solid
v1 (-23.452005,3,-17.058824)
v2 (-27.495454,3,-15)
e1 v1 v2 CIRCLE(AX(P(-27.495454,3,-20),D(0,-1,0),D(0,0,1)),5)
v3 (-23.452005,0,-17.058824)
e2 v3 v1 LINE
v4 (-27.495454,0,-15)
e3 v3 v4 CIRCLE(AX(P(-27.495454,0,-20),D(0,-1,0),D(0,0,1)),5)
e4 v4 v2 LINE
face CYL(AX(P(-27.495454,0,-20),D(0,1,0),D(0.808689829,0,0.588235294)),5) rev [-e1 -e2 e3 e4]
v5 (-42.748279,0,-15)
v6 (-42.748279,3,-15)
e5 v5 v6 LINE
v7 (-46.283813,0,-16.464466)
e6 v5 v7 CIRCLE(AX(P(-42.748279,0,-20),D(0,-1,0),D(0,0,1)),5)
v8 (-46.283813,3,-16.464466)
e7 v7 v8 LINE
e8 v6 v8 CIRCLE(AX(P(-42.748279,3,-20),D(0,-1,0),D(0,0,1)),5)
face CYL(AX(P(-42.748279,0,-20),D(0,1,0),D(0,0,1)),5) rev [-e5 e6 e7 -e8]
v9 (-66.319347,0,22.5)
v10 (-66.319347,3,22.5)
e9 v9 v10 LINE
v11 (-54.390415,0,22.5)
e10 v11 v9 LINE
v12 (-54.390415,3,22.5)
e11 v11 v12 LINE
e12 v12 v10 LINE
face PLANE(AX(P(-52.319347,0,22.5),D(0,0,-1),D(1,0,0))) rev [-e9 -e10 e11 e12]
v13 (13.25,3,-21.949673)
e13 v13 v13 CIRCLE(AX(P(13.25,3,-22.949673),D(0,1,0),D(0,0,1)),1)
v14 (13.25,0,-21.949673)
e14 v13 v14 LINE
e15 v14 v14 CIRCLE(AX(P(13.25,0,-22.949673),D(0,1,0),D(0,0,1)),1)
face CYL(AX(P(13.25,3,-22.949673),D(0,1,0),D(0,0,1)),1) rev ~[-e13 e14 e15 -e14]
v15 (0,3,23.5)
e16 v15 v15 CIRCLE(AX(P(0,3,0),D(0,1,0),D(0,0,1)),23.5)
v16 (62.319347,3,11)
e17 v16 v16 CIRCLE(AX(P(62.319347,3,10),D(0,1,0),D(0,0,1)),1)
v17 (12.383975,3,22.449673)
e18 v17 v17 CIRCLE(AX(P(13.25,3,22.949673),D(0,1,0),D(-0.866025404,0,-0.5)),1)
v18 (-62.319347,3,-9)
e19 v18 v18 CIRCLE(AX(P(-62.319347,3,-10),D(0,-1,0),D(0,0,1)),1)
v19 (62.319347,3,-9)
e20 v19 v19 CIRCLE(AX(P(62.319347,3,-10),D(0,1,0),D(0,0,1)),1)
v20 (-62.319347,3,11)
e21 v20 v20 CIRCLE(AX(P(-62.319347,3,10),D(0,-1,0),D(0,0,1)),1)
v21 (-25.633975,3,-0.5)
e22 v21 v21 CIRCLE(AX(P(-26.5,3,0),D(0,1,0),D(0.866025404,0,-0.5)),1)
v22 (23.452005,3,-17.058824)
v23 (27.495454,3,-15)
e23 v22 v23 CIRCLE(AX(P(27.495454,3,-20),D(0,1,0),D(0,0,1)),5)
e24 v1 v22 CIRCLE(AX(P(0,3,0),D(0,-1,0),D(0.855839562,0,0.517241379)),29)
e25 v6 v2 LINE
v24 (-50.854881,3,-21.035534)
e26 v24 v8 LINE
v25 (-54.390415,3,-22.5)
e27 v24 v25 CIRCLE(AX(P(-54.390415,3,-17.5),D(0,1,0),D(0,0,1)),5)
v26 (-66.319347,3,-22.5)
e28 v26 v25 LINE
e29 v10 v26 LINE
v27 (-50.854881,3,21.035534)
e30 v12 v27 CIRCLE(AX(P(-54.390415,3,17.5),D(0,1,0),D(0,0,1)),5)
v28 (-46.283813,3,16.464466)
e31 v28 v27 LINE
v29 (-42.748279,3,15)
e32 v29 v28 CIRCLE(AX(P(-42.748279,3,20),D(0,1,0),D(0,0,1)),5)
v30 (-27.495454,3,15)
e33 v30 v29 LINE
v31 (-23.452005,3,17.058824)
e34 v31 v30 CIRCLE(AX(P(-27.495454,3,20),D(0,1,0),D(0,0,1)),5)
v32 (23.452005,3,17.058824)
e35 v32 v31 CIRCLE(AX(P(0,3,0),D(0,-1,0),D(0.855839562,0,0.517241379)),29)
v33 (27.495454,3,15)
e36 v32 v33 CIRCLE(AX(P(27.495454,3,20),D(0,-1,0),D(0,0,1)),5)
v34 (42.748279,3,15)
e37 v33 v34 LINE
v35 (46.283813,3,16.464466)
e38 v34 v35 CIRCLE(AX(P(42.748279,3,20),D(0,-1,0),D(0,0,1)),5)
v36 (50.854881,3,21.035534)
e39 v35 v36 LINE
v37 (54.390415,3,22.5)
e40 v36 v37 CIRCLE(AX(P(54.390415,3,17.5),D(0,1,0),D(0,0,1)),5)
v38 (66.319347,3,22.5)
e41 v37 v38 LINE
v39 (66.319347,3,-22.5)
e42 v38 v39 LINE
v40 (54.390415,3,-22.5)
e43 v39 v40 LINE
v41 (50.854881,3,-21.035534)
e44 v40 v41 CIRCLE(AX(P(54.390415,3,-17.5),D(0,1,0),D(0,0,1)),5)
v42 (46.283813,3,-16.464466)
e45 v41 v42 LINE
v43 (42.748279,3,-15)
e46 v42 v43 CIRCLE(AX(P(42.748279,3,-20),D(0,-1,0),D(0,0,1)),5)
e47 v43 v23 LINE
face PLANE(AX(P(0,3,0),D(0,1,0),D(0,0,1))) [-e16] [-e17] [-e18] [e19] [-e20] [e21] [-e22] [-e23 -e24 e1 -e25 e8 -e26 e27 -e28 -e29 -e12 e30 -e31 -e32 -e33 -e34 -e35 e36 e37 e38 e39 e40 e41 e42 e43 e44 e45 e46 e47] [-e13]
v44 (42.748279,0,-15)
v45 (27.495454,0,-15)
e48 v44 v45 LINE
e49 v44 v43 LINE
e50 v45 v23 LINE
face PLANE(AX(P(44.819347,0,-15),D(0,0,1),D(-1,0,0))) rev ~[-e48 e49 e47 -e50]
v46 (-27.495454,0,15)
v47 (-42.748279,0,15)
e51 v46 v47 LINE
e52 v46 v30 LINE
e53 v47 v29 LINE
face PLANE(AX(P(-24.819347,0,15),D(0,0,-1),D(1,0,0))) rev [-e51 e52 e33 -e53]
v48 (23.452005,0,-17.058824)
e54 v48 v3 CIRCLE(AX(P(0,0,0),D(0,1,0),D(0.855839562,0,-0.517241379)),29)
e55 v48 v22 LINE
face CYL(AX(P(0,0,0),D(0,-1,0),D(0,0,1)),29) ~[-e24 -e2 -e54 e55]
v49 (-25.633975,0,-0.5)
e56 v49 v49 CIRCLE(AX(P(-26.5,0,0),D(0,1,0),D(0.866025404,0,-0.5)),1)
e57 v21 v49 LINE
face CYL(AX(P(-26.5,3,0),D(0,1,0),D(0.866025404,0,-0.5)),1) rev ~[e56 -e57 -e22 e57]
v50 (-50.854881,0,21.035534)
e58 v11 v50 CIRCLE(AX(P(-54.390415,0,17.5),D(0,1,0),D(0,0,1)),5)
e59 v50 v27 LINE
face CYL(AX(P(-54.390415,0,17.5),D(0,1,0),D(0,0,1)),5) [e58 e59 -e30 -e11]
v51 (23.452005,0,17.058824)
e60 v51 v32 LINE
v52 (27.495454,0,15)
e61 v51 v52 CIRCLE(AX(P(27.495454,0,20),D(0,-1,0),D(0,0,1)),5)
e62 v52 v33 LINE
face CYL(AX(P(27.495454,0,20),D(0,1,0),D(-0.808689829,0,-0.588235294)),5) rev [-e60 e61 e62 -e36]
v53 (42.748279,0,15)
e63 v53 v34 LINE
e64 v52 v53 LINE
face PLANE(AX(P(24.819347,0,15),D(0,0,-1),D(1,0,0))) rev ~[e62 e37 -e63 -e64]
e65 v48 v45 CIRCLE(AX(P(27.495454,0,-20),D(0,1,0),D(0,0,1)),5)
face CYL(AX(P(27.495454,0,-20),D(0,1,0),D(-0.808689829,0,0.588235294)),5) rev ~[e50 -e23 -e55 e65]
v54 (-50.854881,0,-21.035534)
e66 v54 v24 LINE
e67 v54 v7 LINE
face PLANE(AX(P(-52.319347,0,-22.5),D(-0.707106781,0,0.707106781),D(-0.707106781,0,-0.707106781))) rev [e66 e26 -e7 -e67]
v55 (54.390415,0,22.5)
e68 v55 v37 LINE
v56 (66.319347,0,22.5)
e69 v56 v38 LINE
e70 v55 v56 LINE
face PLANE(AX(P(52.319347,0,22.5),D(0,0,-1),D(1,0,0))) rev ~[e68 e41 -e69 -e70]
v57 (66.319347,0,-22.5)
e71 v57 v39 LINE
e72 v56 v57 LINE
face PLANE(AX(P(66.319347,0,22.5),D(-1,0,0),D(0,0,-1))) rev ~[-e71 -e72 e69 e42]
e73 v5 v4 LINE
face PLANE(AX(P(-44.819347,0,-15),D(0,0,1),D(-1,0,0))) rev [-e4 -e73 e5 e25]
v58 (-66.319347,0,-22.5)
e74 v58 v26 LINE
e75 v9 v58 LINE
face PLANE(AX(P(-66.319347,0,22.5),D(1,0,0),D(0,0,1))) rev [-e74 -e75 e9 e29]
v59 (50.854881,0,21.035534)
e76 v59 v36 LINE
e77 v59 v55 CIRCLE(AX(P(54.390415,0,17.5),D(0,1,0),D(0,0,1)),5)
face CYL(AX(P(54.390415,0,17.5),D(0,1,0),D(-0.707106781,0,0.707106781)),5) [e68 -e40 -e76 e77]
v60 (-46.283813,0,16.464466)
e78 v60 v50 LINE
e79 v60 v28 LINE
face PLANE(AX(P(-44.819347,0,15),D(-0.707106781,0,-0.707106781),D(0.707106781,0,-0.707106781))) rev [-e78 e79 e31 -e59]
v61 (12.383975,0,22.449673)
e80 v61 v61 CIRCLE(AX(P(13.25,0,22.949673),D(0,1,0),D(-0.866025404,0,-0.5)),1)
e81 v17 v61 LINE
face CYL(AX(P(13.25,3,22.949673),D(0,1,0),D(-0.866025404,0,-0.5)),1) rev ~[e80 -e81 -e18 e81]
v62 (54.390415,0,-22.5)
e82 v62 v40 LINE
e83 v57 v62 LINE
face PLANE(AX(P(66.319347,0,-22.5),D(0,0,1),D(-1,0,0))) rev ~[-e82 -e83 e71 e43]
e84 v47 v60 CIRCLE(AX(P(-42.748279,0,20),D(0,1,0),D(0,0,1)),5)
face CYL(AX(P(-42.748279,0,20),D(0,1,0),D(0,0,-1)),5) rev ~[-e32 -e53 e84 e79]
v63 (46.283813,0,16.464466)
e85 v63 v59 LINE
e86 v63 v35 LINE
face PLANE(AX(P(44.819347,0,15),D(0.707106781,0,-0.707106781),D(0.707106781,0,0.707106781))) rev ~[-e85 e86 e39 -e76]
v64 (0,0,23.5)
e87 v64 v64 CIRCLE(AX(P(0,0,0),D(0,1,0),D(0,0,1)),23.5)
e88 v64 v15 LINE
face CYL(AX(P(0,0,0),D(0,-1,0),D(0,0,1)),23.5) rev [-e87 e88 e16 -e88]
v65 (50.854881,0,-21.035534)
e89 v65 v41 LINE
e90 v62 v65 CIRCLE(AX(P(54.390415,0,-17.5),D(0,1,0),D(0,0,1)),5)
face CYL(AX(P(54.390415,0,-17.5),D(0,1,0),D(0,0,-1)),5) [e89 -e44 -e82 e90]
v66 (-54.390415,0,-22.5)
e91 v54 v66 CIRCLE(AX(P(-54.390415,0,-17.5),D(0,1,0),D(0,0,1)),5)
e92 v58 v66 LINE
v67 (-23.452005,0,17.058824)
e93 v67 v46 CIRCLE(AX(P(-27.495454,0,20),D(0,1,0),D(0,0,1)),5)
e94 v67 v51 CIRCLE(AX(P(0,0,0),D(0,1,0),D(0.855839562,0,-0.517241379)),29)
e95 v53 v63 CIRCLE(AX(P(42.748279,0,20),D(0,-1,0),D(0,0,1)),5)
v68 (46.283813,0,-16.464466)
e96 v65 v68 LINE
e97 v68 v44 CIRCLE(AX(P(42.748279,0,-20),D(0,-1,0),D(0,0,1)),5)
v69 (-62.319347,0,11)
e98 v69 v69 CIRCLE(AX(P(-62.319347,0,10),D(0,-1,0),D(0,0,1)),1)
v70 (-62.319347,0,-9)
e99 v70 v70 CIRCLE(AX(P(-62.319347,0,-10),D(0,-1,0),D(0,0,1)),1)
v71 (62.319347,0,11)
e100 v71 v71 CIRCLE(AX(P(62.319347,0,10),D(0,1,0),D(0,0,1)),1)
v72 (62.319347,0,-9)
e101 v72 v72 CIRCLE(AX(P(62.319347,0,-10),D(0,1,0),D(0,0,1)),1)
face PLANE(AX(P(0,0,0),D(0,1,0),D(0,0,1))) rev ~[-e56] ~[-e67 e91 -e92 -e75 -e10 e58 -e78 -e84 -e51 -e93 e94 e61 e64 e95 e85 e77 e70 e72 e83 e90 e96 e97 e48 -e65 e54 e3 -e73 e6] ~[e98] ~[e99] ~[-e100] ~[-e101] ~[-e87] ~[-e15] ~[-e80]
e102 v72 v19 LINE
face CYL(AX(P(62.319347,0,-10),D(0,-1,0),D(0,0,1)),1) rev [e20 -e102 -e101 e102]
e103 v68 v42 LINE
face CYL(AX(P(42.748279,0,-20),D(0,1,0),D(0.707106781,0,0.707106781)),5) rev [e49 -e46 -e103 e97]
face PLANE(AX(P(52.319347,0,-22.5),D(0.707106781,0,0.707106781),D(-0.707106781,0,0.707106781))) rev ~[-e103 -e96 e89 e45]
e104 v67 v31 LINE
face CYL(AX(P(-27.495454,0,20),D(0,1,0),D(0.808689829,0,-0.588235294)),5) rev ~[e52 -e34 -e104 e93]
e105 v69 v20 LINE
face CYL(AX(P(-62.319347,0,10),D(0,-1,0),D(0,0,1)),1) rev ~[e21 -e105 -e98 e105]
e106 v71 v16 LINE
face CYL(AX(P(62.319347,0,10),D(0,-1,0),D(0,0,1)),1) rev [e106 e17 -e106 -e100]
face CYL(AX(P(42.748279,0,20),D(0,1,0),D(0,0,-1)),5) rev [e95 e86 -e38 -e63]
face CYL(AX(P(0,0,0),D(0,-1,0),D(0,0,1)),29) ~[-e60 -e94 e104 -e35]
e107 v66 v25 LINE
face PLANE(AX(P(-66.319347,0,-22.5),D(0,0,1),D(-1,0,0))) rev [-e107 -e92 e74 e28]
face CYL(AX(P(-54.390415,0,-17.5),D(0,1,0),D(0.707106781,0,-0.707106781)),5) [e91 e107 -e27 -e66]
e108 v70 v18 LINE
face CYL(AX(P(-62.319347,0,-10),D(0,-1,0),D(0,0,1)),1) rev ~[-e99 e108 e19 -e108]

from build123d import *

# Parameters (mm, degrees)
SKETCH2_R            = 29
SKETCH2_R_2          = 23.5
BOSS_EXTRUDE1_DEPTH  = 3
SKETCH2_3_R          = 1
BOSS_EXTRUDE2_DEPTH  = 3
FILLET1_R            = 5
SKETCH3_R            = 1
CUT_EXTRUDE1_DEPTH   = 3
CIRPATTERN1_COUNT    = 3
FILLET1_OF_MIRROR1_R = 5


with BuildPart() as part:
    # Sketch2 → Boss-Extrude1 (new body)
    with BuildSketch(Plane(origin=(0, 0, 0), x_dir=(1, 0, 0), z_dir=(0, 1, 0))):
        with Locations(Location((0, 0, 0), (0, 0, 270))):
            Circle(SKETCH2_R)
        with Locations(Location((0, 0, 0), (0, 0, 270))):
            Circle(SKETCH2_R_2, mode=Mode.SUBTRACT)
    extrude(amount=BOSS_EXTRUDE1_DEPTH)

    # Sketch2<3> → Boss-Extrude2 (add)
    with BuildSketch(Plane(origin=(0, 0, 0), x_dir=(1, 0, 0), z_dir=(0, 1, 0))):
        with BuildLine():
            Line((44.819347292, 15), (24.819347292, 15))
            ThreePointArc((24.819347292, 15), (27.935291939, 7.78585026), (29, 0))
            ThreePointArc((29, 0), (27.935291939, -7.78585026), (24.819347292, -15))
            Line((24.819347292, -15), (44.819347292, -15))
            Line((44.819347292, -15), (52.319347292, -22.5))
            Line((52.319347292, -22.5), (66.319347292, -22.5))
            Line((66.319347292, -22.5), (66.319347292, 22.5))
            Line((66.319347292, 22.5), (52.319347292, 22.5))
            Line((52.319347292, 22.5), (44.819347292, 15))
        make_face()
        with Locations(Location((62.319347292, -10, 0), (0, 0, 270))):
            Circle(SKETCH2_3_R, mode=Mode.SUBTRACT)
        with Locations(Location((62.319347292, 10, 0), (0, 0, 270))):
            Circle(SKETCH2_3_R, mode=Mode.SUBTRACT)
    boss_extrude2 = extrude(amount=BOSS_EXTRUDE2_DEPTH)

    # Fillet1
    fillet1_edges = [part.edges().sort_by_distance(p)[0] for p in [
        (44.819347292, 1.5, -15),
        (52.319347292, 1.5, -22.5),
        (52.319347292, 1.5, 22.5),
        (44.819347292, 1.5, 15),
        (24.819347292, 1.5, 15),
        (24.819347292, 1.5, -15),
    ]]
    fillet(fillet1_edges, radius=FILLET1_R)

    # Sketch3 → Cut-Extrude1 (cut)
    with BuildSketch(Plane(origin=(0, 3, 0), x_dir=(1, 0, 0), z_dir=(0, 1, 0))):
        with Locations(Location((13.25, 22.9496732, 0), (0, 0, 270))):
            Circle(SKETCH3_R)
    cut_extrude1 = extrude(amount=-CUT_EXTRUDE1_DEPTH, mode=Mode.SUBTRACT)

    # CirPattern1: Cut-Extrude1 ×3 about axis
    cirpattern1_axis = Axis((0, 0, 0), (0, 1, 0))
    for i in range(1, CIRPATTERN1_COUNT):
        add(cut_extrude1.rotate(cirpattern1_axis, i * 360 / CIRPATTERN1_COUNT), mode=Mode.SUBTRACT)

    # Mirror1: Boss-Extrude2 across plane
    add(boss_extrude2.mirror(Plane(origin=(0, 0, 0), x_dir=(0, 0, 1), z_dir=(1, 0, 0))))

    # Fillet1 of Mirror1
    fillet1_of_mirror1_edges = [part.edges().sort_by_distance(p)[0] for p in [
        (-44.819347292, 1.5, -15),
        (-52.319347292, 1.5, -22.5),
        (-52.319347292, 1.5, 22.5),
        (-44.819347292, 1.5, 15),
        (-24.819347292, 1.5, 15),
        (-24.819347292, 1.5, -15),
    ]]
    fillet(fillet1_of_mirror1_edges, radius=FILLET1_OF_MIRROR1_R)


solid = part.part
